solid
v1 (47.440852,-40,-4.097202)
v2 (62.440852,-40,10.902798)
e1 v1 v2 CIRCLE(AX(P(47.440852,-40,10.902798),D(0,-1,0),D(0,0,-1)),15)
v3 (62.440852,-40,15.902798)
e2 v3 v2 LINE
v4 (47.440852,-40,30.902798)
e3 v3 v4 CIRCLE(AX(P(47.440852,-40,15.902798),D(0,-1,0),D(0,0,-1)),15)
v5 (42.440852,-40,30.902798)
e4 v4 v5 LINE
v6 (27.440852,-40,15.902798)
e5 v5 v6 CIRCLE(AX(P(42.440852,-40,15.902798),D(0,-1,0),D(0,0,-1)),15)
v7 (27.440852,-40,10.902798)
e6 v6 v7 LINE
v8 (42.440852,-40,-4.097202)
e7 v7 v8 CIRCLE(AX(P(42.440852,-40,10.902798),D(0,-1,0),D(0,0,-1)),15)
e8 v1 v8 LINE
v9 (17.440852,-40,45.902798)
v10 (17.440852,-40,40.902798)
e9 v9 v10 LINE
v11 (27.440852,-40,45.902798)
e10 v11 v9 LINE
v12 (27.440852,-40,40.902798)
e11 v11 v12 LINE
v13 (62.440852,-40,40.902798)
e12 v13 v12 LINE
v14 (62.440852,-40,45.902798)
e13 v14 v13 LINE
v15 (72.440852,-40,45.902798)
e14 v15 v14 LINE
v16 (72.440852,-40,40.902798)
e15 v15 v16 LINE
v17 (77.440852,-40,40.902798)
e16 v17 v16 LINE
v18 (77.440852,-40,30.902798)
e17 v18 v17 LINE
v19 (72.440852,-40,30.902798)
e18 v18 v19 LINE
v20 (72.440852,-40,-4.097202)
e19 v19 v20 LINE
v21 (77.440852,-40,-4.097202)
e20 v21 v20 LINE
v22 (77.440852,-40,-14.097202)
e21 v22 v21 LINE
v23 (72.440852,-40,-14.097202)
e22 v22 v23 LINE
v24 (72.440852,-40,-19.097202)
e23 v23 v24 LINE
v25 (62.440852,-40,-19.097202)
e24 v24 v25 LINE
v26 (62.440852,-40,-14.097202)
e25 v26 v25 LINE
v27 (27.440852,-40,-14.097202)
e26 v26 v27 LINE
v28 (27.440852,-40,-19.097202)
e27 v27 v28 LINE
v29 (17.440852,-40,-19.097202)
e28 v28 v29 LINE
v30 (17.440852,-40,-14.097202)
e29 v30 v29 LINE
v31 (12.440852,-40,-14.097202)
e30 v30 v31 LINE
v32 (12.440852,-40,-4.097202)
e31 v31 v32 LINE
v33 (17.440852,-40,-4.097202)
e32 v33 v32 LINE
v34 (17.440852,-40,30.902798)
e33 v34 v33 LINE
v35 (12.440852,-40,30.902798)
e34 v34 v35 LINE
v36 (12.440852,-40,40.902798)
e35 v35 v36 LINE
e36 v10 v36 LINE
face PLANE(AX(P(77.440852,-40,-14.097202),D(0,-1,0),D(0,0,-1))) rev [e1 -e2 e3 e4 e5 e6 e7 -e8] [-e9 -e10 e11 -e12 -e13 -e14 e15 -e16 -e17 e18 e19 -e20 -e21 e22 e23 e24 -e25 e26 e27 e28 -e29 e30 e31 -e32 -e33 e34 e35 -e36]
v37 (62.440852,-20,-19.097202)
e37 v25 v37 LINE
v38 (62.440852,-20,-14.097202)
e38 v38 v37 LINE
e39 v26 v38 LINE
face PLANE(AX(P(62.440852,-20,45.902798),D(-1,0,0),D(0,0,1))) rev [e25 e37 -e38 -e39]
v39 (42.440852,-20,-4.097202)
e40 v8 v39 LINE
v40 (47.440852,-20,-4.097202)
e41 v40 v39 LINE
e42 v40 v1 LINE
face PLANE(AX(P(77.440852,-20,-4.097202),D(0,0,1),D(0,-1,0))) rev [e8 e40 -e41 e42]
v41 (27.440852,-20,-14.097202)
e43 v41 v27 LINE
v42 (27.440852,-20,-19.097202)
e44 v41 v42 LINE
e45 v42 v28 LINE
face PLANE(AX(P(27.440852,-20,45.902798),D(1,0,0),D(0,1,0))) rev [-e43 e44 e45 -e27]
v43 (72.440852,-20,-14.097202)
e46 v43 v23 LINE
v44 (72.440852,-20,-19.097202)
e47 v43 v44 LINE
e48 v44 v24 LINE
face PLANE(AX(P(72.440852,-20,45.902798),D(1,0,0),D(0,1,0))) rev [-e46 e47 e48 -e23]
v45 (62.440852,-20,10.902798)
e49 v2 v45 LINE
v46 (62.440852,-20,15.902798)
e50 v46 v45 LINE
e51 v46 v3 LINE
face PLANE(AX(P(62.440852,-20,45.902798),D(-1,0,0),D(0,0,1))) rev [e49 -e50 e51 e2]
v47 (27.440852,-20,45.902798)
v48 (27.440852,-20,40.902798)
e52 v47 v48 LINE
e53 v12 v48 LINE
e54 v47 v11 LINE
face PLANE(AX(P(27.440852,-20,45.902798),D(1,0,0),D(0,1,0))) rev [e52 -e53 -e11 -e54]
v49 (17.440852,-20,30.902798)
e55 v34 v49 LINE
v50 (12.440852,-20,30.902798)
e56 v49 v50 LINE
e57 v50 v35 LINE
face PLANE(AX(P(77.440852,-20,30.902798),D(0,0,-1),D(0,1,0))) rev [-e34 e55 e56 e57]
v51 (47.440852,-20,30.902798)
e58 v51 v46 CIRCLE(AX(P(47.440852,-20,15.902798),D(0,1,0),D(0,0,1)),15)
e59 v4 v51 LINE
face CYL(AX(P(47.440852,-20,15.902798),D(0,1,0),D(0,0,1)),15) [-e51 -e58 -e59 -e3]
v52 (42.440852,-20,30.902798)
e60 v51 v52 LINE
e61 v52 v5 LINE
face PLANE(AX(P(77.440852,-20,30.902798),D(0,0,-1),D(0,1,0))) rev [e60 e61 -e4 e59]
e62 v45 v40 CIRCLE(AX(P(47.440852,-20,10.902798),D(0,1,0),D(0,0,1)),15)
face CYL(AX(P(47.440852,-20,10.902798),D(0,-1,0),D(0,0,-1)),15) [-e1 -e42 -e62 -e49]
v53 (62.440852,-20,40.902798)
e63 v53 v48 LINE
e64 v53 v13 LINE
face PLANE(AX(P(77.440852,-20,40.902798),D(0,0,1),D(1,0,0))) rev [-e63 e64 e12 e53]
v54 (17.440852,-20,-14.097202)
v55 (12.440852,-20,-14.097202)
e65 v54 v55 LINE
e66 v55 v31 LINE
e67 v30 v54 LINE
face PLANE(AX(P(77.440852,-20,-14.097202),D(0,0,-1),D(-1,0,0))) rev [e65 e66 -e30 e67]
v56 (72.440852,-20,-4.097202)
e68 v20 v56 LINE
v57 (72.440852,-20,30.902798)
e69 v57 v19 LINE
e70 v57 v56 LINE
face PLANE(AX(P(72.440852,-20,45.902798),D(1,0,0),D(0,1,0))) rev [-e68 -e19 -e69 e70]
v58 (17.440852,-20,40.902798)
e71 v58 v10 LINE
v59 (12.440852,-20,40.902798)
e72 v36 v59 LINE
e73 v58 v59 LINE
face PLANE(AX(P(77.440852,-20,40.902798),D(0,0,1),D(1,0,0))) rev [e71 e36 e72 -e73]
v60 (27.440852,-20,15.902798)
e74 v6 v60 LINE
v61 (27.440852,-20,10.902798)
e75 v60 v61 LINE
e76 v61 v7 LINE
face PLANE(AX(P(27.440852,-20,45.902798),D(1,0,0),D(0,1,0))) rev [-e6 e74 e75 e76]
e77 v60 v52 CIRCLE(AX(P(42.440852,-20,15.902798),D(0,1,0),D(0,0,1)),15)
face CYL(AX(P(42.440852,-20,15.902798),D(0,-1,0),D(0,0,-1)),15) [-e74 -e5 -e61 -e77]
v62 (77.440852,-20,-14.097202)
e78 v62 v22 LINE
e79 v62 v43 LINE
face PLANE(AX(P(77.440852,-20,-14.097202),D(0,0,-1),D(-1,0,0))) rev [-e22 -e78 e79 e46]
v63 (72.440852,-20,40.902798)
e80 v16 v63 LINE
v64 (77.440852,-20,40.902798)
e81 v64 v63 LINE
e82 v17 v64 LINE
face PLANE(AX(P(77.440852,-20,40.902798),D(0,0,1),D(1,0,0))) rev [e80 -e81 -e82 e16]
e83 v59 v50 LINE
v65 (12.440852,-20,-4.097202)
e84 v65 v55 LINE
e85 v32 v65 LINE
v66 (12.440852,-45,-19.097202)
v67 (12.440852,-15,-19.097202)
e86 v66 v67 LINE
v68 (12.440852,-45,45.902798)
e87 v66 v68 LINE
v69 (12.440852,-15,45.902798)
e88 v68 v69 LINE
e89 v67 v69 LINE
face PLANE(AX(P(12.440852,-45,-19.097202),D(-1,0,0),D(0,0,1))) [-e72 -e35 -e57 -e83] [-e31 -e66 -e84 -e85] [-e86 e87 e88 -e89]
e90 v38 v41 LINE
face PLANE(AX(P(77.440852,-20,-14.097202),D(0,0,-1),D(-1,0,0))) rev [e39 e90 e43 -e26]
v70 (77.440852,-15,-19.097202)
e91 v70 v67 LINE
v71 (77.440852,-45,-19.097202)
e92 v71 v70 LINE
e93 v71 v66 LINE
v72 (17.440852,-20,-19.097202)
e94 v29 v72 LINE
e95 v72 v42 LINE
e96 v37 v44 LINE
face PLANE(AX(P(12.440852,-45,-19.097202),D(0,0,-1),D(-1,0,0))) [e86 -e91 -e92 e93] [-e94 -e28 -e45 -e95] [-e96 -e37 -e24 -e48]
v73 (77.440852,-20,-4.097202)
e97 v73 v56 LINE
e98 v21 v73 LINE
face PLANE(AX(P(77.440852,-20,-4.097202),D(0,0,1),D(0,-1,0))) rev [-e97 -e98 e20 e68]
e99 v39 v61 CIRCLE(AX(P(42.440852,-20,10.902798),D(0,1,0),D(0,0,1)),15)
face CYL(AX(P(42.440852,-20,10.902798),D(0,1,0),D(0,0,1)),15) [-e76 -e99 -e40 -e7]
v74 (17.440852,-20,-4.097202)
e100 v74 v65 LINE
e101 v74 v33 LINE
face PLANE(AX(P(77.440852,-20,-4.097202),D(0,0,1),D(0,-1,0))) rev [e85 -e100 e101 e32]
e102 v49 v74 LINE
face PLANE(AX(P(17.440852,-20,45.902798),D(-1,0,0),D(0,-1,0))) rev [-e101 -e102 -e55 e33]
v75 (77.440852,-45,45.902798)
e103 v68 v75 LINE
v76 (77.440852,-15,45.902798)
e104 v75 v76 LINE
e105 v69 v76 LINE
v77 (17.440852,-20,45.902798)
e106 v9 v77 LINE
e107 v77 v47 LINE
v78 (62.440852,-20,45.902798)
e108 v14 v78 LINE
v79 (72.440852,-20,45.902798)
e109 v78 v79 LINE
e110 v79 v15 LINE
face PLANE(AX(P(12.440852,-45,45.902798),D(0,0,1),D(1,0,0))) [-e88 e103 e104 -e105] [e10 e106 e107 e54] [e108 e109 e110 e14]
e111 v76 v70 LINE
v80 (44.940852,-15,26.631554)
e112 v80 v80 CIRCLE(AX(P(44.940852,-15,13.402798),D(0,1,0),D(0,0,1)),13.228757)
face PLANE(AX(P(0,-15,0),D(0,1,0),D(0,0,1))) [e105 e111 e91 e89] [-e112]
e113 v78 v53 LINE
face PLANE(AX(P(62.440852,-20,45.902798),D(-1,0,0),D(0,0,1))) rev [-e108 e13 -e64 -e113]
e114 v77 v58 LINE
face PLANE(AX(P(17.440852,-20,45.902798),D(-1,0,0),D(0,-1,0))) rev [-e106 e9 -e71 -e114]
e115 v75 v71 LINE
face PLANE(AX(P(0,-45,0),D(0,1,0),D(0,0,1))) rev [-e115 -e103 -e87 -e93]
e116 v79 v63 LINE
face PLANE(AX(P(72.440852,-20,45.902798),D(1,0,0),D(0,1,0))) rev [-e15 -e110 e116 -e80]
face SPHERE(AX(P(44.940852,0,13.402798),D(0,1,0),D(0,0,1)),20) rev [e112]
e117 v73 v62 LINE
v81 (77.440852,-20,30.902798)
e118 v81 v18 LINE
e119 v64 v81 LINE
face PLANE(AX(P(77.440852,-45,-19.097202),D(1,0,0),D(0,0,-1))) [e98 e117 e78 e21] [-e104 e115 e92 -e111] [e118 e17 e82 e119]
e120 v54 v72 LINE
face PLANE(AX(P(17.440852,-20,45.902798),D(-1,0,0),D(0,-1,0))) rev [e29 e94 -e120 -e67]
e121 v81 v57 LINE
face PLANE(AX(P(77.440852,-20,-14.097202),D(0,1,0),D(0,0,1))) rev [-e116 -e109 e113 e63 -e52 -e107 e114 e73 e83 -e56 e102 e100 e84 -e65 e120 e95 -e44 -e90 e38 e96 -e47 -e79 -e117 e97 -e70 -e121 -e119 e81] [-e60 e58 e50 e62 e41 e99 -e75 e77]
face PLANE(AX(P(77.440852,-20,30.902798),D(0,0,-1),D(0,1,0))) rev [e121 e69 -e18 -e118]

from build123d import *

# Parameters (mm, degrees)
SKETCH4_W           = 65
SKETCH4_H           = 65
BOSS_EXTRUDE2_DEPTH = 45
SKETCH6_W           = 65
SKETCH6_H           = 65
CUT_EXTRUDE2_DEPTH  = 15
SKETCH7_W           = 10
SKETCH7_H           = 20
CUT_EXTRUDE3_DEPTH  = 92.416994223
SKETCH8_W           = 10
SKETCH8_H           = 20
CUT_EXTRUDE4_DEPTH  = 111.666551289
FILLET1_R           = 15


with BuildPart() as part:
    # Sketch4 → Boss-Extrude2 (new body)
    with BuildSketch(Plane(origin=(0, 0, 0), x_dir=(1, 0, 0), z_dir=(0, 1, 0))):
        with Locations((44.940852102, -13.402797658)):
            Rectangle(SKETCH4_W, SKETCH4_H)
    extrude(amount=-BOSS_EXTRUDE2_DEPTH)

    # Sketch5 → Cut-Revolve2 (revolve, cut)
    with BuildSketch(Plane(origin=(0, 0, 0), x_dir=(1, 0, 0), z_dir=(0, 1, 0))):
        with BuildLine():
            Line((24.940852102, -13.402797658), (64.940852102, -13.402797658))
            ThreePointArc((64.940852102, -13.402797658), (44.940852102, 6.597202342), (24.940852102, -13.402797658))
        make_face()
    revolve(axis=Axis((24.940852102, 0, 13.402797658), (1, 0, 0)), mode=Mode.SUBTRACT)

    # Sketch6 → Cut-Extrude2 (cut)
    with BuildSketch(Plane(origin=(0, 0, 0), x_dir=(1, 0, 0), z_dir=(0, 1, 0))):
        with Locations((44.940852102, -13.402797658)):
            Rectangle(SKETCH6_W, SKETCH6_H)
    extrude(amount=-CUT_EXTRUDE2_DEPTH, mode=Mode.SUBTRACT)

    # Sketch7 → Cut-Extrude3 (cut, through all)
    with BuildSketch(Plane.ZY.offset(-12.440852102)):
        with Locations((-9.097202342, -30)):
            Rectangle(SKETCH7_W, SKETCH7_H)
        with Locations((35.902797658, -30)):
            Rectangle(SKETCH7_W, SKETCH7_H)
    extrude(amount=-CUT_EXTRUDE3_DEPTH, mode=Mode.SUBTRACT)

    # Sketch8 → Cut-Extrude4 (cut, through all)
    with BuildSketch(Plane(origin=(0, 0, -19.097202342), x_dir=(-1, 0, 0), z_dir=(0, 0, -1))):
        with Locations((-67.440852102, -30)):
            Rectangle(SKETCH8_W, SKETCH8_H)
        with Locations((-22.440852102, -30)):
            Rectangle(SKETCH8_W, SKETCH8_H)
    extrude(amount=-CUT_EXTRUDE4_DEPTH, mode=Mode.SUBTRACT)

    # Fillet1
    fillet1_edges = [part.edges().sort_by_distance(p)[0] for p in [
        (27.440852102, -30, 30.902797658),
        (27.440852102, -30, -4.097202342),
        (62.440852102, -30, 30.902797658),
        (62.440852102, -30, -4.097202342),
    ]]
    fillet(fillet1_edges, radius=FILLET1_R)


solid = part.part
